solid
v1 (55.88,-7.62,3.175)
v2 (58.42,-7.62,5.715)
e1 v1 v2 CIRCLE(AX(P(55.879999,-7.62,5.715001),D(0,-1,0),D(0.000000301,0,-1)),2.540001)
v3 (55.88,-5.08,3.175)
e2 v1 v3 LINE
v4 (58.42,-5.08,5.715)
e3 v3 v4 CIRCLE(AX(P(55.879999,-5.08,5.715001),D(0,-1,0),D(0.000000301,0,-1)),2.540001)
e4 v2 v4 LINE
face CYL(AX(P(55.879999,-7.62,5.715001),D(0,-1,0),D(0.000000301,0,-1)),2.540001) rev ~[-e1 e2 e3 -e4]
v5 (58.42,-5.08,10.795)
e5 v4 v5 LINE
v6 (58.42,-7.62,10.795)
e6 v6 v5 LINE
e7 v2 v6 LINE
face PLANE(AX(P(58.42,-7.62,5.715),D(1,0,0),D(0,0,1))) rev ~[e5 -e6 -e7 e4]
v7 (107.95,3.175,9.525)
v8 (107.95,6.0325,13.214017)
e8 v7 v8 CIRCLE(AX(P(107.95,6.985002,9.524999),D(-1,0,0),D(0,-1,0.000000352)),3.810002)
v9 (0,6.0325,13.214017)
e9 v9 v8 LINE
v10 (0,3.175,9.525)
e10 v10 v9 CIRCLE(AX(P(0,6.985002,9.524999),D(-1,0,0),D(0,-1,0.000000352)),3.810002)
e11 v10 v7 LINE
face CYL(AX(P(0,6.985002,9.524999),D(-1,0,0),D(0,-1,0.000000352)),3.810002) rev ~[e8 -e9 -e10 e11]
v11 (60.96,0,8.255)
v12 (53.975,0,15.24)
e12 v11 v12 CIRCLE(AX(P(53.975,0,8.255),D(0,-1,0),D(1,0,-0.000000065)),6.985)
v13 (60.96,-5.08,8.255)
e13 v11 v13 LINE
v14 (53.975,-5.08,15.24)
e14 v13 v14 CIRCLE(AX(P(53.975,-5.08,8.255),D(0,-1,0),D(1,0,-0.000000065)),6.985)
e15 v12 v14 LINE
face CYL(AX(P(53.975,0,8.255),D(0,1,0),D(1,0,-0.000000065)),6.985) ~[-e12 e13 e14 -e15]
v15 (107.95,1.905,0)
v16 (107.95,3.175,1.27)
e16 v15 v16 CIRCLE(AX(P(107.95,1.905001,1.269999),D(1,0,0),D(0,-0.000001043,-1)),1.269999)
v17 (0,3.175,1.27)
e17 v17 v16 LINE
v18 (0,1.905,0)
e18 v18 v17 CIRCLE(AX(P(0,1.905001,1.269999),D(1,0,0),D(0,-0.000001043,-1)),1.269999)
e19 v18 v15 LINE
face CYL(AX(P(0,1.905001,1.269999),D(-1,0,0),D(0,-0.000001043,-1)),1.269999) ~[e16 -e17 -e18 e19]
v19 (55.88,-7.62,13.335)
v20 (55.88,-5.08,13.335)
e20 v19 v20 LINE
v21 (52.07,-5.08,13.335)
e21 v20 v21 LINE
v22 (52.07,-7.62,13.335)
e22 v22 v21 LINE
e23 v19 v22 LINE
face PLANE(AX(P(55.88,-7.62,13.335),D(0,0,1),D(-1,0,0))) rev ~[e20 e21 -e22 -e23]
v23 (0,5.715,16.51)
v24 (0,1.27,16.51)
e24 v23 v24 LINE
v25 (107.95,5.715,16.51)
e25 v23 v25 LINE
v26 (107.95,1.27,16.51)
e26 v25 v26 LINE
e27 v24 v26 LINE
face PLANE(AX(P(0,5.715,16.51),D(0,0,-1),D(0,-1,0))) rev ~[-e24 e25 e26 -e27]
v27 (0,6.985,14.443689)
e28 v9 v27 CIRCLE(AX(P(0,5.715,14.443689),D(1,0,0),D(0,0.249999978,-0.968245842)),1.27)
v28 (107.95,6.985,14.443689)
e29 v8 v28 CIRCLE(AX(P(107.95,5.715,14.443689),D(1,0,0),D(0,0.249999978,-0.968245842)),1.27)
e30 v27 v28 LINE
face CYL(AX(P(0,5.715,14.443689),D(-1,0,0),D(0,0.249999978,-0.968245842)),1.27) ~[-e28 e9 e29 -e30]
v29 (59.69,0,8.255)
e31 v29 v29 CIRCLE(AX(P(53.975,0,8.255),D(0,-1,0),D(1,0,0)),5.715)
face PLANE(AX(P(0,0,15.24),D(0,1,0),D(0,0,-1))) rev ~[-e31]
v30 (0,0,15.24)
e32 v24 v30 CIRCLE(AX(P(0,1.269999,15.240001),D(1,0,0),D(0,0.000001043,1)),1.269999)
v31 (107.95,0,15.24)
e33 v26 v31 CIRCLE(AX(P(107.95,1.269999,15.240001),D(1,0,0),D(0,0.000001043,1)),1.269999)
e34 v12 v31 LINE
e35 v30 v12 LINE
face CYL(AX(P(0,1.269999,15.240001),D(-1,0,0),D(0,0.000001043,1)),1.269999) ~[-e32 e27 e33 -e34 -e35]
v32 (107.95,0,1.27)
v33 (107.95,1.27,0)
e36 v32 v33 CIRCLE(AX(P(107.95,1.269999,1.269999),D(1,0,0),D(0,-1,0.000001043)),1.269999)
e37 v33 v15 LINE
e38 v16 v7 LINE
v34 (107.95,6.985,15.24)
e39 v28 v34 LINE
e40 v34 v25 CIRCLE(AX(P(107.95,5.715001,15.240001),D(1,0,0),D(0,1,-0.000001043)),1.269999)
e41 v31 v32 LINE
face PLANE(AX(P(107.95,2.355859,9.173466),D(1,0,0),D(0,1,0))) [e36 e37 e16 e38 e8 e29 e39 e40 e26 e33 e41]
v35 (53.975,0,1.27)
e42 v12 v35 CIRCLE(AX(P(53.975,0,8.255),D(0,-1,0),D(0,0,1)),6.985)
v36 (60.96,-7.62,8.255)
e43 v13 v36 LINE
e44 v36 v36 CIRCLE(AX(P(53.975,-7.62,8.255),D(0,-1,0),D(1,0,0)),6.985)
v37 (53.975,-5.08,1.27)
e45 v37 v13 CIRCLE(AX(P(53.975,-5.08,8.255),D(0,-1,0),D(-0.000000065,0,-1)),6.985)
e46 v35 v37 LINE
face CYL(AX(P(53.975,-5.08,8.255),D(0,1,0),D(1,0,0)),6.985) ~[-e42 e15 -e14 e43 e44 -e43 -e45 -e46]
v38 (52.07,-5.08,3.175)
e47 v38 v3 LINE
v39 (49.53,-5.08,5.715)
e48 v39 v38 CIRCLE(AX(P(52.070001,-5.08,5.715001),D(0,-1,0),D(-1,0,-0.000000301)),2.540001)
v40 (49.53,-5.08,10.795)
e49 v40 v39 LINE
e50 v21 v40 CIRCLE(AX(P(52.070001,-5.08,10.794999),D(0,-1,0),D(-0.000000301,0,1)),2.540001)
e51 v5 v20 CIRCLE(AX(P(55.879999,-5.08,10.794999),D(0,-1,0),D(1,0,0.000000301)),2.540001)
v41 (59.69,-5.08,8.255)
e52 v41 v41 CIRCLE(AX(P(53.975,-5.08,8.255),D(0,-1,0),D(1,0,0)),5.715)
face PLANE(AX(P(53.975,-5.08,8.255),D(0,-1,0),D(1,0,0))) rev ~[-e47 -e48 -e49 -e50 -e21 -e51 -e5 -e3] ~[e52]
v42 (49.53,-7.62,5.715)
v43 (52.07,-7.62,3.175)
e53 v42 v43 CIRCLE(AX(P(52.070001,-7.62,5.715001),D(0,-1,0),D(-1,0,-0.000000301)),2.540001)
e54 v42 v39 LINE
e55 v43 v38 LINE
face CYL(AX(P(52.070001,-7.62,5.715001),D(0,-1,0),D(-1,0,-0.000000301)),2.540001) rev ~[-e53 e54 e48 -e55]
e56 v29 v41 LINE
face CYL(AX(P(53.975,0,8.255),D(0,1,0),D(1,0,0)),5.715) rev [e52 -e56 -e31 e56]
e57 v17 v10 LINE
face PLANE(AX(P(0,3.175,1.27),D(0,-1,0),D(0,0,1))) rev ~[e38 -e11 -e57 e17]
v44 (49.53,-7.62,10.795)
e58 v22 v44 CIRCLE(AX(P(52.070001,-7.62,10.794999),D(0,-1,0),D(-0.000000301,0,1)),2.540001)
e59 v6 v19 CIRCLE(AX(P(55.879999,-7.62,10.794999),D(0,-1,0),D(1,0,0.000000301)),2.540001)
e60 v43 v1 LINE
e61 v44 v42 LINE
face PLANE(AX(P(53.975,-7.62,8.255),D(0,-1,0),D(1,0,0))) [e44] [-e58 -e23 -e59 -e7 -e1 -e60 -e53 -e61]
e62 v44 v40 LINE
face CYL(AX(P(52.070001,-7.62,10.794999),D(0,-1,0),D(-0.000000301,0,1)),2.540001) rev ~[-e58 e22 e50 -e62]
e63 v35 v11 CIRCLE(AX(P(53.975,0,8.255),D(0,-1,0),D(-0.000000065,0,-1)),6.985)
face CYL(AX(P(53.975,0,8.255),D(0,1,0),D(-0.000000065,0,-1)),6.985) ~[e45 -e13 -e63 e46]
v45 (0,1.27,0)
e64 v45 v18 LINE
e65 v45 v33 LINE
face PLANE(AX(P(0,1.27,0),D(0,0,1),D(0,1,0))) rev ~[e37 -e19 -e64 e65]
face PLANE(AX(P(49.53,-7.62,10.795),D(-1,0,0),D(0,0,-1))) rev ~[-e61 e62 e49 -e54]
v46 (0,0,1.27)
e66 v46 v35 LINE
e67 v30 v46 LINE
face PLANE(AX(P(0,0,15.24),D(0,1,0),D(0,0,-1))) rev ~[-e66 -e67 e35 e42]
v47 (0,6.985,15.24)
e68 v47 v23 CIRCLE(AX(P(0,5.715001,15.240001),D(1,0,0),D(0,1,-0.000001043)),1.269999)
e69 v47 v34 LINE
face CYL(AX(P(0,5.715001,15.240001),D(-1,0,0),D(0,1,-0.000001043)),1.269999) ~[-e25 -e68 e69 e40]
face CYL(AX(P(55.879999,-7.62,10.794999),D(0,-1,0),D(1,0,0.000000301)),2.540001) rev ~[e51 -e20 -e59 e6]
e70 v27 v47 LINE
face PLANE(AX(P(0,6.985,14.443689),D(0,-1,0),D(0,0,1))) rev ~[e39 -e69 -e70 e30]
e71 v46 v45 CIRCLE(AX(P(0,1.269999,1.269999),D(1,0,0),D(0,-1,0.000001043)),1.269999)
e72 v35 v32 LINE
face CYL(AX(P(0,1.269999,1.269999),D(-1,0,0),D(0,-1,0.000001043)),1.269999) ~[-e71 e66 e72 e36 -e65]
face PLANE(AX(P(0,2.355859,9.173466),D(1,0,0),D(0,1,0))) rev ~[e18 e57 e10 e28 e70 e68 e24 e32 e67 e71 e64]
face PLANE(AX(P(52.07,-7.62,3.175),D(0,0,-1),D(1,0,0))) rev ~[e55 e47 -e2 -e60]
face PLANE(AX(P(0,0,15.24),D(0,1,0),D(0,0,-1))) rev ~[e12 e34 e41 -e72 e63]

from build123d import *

# Parameters (mm, degrees)
F1_DEPTH = 107.95
F2_R     = 5.715
F3_DEPTH = 5.08
F4_R     = 6.985
F5_DEPTH = 2.54
F7_DEPTH = 5.08


with BuildPart() as f1:
    # F0 (on Right) → F1 (new body)
    with BuildSketch(Plane.YZ):
        with BuildLine():
            Line((0, 10.16), (0, 1.27))
            ThreePointArc((0, 1.27), (0.371974, 0.371974), (1.27, 0))
            Line((1.27, 0), (1.905, 0))
            ThreePointArc((1.905, 0), (2.803026, 0.371974), (3.175, 1.27))
            Line((3.175, 1.27), (3.175, 9.525))
            ThreePointArc((3.175, 9.525), (3.972931, 11.858139), (6.0325, 13.214017))
            ThreePointArc((6.0325, 13.214017), (6.719023, 13.665976), (6.985, 14.443689))
            Line((6.985, 14.443689), (6.985, 15.24))
            ThreePointArc((6.985, 15.24), (6.613026, 16.138026), (5.715, 16.51))
            Line((5.715, 16.51), (1.27, 16.51))
            ThreePointArc((1.27, 16.51), (0.371974, 16.138026), (0, 15.24))
            Line((0, 15.24), (0, 10.16))
        make_face()
    extrude(amount=F1_DEPTH)

    # F2 (on face) → F3 (join)
    with BuildSketch(Plane.XZ):
        with BuildLine():
            ThreePointArc((53.975, 1.27), (58.914141, 3.315859), (60.96, 8.255))
            ThreePointArc((60.96, 8.255), (58.914141, 13.194141), (53.975, 15.24))
            ThreePointArc((53.975, 15.24), (46.99, 8.255), (53.975, 1.27))
        make_face()
        with Locations((53.975, 8.255)):
            Circle(F2_R, mode=Mode.SUBTRACT)
    extrude(amount=F3_DEPTH)

    # F4 (on face) → F5 (join)
    with BuildSketch(Plane.XZ.offset(5.08)):
        with Locations((53.975, 8.255)):
            Circle(F4_R)
    extrude(amount=F5_DEPTH)

    # F6 (on face) → F7 (cut)
    with BuildSketch(Plane.XZ.offset(7.62)):
        with BuildLine():
            Line((55.88, 13.335), (53.975, 13.335))
            Line((53.975, 13.335), (52.07, 13.335))
            ThreePointArc((52.07, 13.335), (50.273949, 12.591051), (49.53, 10.795))
            Line((49.53, 10.795), (49.53, 5.715))
            ThreePointArc((49.53, 5.715), (50.273949, 3.918949), (52.07, 3.175))
            Line((52.07, 3.175), (55.88, 3.175))
            ThreePointArc((55.88, 3.175), (57.676051, 3.918949), (58.42, 5.715))
            Line((58.42, 5.715), (58.42, 8.255))
            Line((58.42, 8.255), (58.42, 10.795))
            ThreePointArc((58.42, 10.795), (57.676051, 12.591051), (55.88, 13.335))
        make_face()
    extrude(amount=-F7_DEPTH, mode=Mode.SUBTRACT)


solid = f1.part
